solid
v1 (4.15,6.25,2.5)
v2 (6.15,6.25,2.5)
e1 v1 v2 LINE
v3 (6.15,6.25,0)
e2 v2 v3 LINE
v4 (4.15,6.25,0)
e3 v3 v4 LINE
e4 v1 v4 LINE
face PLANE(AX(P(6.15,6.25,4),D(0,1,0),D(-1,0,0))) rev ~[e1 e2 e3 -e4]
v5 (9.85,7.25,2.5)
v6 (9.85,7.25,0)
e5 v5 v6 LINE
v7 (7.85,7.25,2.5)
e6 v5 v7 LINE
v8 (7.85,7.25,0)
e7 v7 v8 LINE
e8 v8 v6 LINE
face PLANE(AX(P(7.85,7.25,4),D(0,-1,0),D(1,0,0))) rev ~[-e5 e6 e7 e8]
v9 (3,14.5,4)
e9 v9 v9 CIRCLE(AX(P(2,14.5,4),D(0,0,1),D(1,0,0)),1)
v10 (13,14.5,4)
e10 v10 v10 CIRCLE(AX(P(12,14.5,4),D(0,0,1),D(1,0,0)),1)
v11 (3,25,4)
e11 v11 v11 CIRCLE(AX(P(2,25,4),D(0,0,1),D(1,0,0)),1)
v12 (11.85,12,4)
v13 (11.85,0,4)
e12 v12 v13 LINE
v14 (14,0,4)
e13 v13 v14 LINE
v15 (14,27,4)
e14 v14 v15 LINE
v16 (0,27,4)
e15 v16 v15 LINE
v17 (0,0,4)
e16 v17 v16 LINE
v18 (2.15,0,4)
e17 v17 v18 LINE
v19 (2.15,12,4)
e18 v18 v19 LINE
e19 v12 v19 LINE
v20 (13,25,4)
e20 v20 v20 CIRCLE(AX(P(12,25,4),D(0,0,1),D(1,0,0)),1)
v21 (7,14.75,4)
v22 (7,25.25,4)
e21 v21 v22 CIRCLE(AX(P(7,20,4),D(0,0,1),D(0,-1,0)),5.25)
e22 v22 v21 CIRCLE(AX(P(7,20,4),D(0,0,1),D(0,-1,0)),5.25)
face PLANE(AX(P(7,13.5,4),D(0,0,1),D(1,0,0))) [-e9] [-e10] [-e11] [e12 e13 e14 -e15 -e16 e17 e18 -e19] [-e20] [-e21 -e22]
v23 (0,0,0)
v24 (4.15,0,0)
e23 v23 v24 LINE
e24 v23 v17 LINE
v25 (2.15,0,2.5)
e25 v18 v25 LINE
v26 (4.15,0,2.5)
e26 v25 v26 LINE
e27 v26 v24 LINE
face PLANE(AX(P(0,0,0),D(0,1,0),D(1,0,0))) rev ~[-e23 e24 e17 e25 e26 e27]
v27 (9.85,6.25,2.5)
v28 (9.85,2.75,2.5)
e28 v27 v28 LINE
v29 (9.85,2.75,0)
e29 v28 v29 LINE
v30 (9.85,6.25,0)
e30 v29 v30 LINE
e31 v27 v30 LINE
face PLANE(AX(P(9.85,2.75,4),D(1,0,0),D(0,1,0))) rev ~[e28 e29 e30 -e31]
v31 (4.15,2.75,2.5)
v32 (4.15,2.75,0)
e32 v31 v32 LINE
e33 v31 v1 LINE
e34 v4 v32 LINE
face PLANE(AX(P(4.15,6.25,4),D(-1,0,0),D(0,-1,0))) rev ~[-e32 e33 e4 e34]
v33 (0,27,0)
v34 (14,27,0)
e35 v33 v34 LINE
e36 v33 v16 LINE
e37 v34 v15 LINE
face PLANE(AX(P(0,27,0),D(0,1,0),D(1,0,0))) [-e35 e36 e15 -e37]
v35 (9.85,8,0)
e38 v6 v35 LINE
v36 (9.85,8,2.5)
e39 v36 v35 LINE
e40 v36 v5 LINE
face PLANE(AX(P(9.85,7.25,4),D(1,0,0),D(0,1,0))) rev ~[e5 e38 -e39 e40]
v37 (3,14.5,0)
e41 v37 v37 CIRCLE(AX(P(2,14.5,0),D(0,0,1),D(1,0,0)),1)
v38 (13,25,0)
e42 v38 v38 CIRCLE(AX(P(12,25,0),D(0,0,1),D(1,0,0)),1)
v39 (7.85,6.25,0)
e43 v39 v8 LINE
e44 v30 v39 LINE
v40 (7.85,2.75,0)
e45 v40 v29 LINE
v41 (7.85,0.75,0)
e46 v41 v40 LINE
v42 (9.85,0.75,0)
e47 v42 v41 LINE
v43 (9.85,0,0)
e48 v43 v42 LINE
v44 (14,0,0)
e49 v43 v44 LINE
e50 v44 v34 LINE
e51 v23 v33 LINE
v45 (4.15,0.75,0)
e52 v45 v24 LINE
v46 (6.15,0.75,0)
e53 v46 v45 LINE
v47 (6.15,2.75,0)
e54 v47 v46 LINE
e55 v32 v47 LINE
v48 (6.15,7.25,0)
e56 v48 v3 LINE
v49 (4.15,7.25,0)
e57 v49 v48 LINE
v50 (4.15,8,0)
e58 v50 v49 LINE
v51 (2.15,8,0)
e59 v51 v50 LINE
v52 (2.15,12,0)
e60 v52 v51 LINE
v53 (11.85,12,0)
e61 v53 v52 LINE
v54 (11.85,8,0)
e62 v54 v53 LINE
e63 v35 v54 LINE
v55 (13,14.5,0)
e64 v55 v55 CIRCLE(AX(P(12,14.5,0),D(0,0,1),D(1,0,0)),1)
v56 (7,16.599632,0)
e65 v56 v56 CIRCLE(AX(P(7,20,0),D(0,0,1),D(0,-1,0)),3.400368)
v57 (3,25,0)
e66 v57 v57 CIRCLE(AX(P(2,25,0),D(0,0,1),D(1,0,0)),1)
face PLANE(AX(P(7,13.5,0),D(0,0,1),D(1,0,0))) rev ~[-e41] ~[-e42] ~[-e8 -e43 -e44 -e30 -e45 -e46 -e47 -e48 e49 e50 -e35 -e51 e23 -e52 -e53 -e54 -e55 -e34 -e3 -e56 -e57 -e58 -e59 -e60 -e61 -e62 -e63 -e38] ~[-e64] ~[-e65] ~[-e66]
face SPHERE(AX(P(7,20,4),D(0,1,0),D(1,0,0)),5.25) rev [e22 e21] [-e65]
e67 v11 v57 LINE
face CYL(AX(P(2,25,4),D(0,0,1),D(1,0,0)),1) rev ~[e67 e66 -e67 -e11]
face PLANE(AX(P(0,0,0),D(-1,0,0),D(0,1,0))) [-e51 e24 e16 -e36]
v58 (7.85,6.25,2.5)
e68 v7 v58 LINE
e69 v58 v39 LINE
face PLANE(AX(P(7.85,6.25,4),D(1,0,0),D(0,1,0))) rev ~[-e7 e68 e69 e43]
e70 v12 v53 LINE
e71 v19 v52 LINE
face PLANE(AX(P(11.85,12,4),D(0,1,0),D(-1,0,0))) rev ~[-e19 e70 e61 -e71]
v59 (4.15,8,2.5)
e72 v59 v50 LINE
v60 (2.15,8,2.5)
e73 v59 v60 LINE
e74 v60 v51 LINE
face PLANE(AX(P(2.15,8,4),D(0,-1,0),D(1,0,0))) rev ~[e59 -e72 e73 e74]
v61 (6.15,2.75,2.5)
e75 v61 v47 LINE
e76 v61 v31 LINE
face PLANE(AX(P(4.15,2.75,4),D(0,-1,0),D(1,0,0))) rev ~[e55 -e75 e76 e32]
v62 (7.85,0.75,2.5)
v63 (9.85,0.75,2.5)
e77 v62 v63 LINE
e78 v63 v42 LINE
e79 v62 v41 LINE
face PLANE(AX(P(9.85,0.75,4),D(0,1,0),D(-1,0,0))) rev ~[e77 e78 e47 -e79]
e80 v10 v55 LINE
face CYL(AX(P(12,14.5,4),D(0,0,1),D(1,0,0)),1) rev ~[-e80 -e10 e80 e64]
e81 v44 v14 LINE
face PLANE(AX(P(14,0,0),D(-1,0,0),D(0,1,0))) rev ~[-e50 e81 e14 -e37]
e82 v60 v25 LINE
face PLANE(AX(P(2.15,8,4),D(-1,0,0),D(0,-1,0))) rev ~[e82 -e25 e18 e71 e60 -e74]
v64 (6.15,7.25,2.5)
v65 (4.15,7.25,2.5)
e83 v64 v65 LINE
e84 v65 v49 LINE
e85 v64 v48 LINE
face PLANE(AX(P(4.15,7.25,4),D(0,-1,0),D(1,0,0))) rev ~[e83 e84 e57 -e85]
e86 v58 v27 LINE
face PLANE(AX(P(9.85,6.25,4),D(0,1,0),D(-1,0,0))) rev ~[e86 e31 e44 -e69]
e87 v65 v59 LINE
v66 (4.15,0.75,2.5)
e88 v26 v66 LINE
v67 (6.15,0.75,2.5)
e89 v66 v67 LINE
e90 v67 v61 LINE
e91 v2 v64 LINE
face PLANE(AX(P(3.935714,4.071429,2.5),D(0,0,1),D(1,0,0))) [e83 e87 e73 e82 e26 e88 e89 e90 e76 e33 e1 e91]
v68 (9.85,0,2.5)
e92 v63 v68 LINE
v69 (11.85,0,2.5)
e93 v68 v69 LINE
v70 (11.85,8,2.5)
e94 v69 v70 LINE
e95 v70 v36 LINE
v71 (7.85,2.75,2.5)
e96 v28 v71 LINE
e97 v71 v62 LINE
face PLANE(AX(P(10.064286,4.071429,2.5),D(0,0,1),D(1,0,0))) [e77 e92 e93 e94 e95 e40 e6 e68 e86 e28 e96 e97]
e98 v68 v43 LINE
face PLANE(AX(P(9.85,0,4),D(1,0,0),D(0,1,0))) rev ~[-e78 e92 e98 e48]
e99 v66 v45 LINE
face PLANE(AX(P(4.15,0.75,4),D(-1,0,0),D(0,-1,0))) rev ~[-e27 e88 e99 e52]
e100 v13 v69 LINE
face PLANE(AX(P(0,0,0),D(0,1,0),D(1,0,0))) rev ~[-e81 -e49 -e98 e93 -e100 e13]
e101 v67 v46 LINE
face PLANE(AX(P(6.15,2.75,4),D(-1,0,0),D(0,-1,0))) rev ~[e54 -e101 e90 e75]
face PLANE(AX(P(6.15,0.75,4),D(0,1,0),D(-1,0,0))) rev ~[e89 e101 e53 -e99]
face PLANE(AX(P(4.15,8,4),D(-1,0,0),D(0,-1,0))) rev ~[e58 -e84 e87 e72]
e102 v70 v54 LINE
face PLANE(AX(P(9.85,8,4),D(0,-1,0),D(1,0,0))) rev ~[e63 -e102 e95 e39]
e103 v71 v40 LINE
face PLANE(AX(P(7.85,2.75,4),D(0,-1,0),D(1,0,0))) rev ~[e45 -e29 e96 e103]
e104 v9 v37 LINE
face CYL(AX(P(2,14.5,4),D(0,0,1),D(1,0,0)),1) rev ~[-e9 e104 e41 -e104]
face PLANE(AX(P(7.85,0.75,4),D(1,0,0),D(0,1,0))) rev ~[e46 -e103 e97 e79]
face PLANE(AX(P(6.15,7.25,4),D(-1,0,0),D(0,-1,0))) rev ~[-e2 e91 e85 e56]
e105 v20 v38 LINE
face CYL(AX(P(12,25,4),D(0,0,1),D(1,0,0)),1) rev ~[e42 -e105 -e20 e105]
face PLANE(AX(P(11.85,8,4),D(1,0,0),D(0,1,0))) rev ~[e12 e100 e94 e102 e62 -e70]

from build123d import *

# Parameters (mm, degrees)
F0_W     = 14
F0_H     = 27
F1_DEPTH = 4
F2_R     = 1
F4_DEPTH = 4
F5_DEPTH = 4
F6_DEPTH = 1.5


with BuildPart() as f1:
    # F0 (on Top) → F1 (new body)
    with BuildSketch(Plane.XY):
        with Locations((7, 13.5)):
            Rectangle(F0_W, F0_H)
    extrude(amount=F1_DEPTH)

    # F2 (on face) → F3 (revolve, cut)
    with BuildSketch(Plane.XY.offset(4)):
        with BuildLine():
            ThreePointArc((7, 14.75), (12.25, 20), (7, 25.25))
            Line((7, 25.25), (7, 14.75))
        make_face()
    revolve(axis=Axis((7, 20, 4), (0, -1, 0)), mode=Mode.SUBTRACT)

    # F2 (on face) → F4 (cut)
    with BuildSketch(Plane.XY.offset(4)):
        with Locations((2, 25)):
            Circle(F2_R)
        with Locations((12, 14.5)):
            Circle(F2_R)
        with Locations((12, 25)):
            Circle(F2_R)
        with Locations((2, 14.5)):
            Circle(F2_R)
    extrude(amount=-F4_DEPTH, mode=Mode.SUBTRACT)

    # F2 (on face) → F5 (cut)
    with BuildSketch(Plane.XY.offset(4)):
        Polygon((2.15, 12), (2.15, 8), (4.15, 8), (4.15, 7.25), (6.15, 7.25), (6.15, 6.25), (4.15, 6.25), (4.15, 2.75), (6.15, 2.75), (6.15, 0.75), (4.15, 0.75), (4.15, 0), (9.85, 0), (9.85, 0.75), (7.85, 0.75), (7.85, 2.75), (9.85, 2.75), (9.85, 6.25), (7.85, 6.25), (7.85, 7.25), (9.85, 7.25), (9.85, 8), (11.85, 8), (11.85, 12), align=None)
    extrude(amount=-F5_DEPTH, mode=Mode.SUBTRACT)

    # F2 (on face) → F6 (cut)
    with BuildSketch(Plane.XY.offset(4)):
        Polygon((2.15, 8), (2.15, 0), (4.15, 0), (4.15, 0.75), (6.15, 0.75), (6.15, 2.75), (4.15, 2.75), (4.15, 6.25), (6.15, 6.25), (6.15, 7.25), (4.15, 7.25), (4.15, 8), align=None)
        Polygon((9.85, 0.75), (9.85, 0), (11.85, 0), (11.85, 8), (9.85, 8), (9.85, 7.25), (7.85, 7.25), (7.85, 6.25), (9.85, 6.25), (9.85, 2.75), (7.85, 2.75), (7.85, 0.75), align=None)
    extrude(amount=-F6_DEPTH, mode=Mode.SUBTRACT)


solid = f1.part
